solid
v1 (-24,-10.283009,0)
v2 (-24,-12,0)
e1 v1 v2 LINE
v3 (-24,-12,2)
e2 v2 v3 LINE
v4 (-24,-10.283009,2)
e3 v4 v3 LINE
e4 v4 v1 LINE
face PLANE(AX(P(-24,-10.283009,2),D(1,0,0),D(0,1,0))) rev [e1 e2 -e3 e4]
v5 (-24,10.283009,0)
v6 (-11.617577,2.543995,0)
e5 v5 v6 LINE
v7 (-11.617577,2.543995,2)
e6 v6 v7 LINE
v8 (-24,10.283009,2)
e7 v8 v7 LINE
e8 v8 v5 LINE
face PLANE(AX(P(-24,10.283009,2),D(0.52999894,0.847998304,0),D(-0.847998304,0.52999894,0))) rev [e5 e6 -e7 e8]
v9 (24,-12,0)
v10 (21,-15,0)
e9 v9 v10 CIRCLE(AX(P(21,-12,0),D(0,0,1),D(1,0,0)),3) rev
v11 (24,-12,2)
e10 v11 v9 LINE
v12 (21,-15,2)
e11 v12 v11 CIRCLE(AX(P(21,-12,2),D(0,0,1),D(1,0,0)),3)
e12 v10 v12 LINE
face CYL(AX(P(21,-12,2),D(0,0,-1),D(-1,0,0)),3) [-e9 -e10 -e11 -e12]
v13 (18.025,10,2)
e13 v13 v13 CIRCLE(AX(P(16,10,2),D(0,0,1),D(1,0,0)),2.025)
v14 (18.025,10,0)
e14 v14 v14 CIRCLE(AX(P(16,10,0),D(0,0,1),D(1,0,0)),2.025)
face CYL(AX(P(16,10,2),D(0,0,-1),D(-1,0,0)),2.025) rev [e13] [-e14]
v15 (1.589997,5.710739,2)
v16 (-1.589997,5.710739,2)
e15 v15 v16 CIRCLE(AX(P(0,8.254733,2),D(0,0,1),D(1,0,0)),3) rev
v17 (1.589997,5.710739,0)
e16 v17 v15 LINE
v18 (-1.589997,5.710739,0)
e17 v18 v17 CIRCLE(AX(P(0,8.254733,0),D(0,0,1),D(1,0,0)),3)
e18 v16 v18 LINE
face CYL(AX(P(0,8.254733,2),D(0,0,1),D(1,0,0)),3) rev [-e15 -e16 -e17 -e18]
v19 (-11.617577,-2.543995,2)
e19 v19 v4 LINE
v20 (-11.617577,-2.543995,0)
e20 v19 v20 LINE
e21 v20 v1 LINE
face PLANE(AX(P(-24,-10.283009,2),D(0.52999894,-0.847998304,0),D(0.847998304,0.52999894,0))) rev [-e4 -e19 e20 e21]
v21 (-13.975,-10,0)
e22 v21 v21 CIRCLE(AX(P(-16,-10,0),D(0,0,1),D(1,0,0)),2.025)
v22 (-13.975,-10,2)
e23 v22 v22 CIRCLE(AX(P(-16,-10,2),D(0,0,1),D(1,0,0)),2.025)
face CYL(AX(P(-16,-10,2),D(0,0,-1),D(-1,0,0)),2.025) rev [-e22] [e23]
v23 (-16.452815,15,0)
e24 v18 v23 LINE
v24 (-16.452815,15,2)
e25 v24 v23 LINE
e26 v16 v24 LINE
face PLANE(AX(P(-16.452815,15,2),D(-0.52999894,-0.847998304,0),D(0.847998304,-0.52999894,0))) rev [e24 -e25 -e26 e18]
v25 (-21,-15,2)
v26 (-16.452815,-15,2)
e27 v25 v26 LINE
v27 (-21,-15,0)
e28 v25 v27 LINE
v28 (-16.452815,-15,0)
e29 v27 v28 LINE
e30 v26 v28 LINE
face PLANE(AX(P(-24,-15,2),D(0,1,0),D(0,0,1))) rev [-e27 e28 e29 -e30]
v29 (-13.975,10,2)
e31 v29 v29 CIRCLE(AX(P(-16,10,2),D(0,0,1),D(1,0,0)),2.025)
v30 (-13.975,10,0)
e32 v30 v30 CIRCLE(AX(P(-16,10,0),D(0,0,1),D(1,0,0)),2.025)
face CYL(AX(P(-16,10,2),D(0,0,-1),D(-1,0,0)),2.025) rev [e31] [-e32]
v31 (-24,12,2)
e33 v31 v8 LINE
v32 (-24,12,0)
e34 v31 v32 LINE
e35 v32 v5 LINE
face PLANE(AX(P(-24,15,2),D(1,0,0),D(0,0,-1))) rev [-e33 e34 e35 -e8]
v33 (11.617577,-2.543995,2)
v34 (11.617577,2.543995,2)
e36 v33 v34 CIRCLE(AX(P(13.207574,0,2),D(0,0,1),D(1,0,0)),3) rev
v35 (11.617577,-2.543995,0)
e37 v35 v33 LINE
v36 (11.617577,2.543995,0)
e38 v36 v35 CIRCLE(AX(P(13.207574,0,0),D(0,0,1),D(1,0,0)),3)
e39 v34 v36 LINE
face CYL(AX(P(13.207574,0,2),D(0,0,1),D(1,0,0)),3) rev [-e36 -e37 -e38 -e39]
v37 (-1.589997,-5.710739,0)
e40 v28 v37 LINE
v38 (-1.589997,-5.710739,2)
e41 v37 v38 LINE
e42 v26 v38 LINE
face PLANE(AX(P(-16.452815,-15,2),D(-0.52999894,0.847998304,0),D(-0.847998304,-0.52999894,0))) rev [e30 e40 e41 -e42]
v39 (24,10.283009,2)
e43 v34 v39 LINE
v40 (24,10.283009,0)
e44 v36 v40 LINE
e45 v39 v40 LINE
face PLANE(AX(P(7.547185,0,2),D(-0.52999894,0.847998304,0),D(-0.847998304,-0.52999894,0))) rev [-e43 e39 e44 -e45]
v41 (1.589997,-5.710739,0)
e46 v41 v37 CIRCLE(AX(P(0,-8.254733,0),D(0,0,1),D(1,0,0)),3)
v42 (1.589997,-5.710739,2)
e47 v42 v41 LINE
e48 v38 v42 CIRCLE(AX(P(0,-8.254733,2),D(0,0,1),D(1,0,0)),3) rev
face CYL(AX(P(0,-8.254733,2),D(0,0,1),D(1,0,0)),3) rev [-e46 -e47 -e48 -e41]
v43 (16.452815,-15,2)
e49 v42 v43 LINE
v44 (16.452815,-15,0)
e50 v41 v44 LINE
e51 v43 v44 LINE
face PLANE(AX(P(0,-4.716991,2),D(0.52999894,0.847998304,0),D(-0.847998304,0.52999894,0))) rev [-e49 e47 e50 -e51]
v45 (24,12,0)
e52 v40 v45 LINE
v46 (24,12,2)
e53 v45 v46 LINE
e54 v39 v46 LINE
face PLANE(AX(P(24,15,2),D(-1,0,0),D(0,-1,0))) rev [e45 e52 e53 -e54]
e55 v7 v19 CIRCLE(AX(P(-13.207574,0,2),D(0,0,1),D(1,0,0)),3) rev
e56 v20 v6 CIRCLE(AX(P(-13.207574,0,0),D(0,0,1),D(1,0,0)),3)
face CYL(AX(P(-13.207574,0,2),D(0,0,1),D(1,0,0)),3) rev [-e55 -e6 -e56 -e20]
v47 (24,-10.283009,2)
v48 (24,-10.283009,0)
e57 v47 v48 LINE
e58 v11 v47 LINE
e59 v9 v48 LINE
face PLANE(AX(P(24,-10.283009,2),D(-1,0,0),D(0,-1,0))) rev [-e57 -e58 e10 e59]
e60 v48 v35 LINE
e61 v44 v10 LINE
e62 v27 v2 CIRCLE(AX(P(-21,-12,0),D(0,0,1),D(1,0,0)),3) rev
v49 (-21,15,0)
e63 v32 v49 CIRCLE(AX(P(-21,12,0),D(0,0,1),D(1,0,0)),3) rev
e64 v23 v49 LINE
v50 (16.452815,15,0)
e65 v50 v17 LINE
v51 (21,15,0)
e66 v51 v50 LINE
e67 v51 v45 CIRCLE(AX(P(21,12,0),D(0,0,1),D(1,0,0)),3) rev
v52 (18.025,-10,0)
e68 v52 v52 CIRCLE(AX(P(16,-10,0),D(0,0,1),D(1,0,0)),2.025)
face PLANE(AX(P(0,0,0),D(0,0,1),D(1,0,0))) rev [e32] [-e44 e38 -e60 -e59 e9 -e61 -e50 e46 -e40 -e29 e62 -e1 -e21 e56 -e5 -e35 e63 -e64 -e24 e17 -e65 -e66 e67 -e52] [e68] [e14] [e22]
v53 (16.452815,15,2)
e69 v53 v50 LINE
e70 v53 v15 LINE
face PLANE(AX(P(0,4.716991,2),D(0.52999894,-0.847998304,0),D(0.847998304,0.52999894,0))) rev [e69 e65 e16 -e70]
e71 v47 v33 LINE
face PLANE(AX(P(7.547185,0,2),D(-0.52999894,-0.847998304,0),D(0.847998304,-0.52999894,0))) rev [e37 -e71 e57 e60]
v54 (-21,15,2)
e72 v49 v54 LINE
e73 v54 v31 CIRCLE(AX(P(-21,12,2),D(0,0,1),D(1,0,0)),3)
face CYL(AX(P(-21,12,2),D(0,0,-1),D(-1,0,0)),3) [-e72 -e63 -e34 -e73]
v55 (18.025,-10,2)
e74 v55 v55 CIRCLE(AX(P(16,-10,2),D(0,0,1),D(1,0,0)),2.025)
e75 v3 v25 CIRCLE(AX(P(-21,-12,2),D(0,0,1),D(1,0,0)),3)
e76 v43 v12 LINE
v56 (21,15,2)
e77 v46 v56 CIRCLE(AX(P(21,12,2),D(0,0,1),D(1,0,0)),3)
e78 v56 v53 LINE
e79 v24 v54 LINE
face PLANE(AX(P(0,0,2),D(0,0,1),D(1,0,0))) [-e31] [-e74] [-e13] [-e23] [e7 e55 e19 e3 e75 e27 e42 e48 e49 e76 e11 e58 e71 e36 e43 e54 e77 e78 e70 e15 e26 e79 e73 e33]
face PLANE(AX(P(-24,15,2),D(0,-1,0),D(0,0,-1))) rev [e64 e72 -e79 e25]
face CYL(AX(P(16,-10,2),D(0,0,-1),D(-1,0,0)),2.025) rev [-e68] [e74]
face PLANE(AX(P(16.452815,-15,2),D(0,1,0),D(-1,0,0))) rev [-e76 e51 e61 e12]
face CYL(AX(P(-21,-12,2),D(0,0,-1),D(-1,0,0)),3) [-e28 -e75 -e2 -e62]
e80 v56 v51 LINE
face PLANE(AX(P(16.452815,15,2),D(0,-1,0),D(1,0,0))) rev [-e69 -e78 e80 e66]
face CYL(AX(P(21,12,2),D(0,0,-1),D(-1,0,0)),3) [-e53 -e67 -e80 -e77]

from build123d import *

# Parameters (mm, degrees)
SKETCH1_R           = 2.025
BOSS_EXTRUDE1_DEPTH = 2
FILLET1_R           = 3


with BuildPart() as part:
    # Sketch1 → Boss-Extrude1 (new body)
    with BuildSketch(Plane.XY):
        Polygon((-24, 15), (-16.452815094, 15), (0, 4.716990566), (16.452815094, 15), (24, 15), (24, 10.283009434), (7.547184906, 0), (24, -10.283009434), (24, -15), (16.452815094, -15), (0, -4.716990566), (-16.452815094, -15), (-24, -15), (-24, -10.283009434), (-7.547184906, 0), (-24, 10.283009434), align=None)
        with Locations((-16, 10)):
            Circle(SKETCH1_R, mode=Mode.SUBTRACT)
        with Locations((16, 10)):
            Circle(SKETCH1_R, mode=Mode.SUBTRACT)
        with Locations((16, -10)):
            Circle(SKETCH1_R, mode=Mode.SUBTRACT)
        with Locations((-16, -10)):
            Circle(SKETCH1_R, mode=Mode.SUBTRACT)
    extrude(amount=BOSS_EXTRUDE1_DEPTH)

    # Fillet1
    fillet1_edges = [part.edges().sort_by_distance(p)[0] for p in [
        (24, -15, 1),
        (0, -4.716990566, 1),
        (-24, -15, 1),
        (-7.547184906, 0, 1),
        (-24, 15, 1),
        (0, 4.716990566, 1),
        (24, 15, 1),
        (7.547184906, 0, 1),
    ]]
    fillet(fillet1_edges, radius=FILLET1_R)


solid = part.part
